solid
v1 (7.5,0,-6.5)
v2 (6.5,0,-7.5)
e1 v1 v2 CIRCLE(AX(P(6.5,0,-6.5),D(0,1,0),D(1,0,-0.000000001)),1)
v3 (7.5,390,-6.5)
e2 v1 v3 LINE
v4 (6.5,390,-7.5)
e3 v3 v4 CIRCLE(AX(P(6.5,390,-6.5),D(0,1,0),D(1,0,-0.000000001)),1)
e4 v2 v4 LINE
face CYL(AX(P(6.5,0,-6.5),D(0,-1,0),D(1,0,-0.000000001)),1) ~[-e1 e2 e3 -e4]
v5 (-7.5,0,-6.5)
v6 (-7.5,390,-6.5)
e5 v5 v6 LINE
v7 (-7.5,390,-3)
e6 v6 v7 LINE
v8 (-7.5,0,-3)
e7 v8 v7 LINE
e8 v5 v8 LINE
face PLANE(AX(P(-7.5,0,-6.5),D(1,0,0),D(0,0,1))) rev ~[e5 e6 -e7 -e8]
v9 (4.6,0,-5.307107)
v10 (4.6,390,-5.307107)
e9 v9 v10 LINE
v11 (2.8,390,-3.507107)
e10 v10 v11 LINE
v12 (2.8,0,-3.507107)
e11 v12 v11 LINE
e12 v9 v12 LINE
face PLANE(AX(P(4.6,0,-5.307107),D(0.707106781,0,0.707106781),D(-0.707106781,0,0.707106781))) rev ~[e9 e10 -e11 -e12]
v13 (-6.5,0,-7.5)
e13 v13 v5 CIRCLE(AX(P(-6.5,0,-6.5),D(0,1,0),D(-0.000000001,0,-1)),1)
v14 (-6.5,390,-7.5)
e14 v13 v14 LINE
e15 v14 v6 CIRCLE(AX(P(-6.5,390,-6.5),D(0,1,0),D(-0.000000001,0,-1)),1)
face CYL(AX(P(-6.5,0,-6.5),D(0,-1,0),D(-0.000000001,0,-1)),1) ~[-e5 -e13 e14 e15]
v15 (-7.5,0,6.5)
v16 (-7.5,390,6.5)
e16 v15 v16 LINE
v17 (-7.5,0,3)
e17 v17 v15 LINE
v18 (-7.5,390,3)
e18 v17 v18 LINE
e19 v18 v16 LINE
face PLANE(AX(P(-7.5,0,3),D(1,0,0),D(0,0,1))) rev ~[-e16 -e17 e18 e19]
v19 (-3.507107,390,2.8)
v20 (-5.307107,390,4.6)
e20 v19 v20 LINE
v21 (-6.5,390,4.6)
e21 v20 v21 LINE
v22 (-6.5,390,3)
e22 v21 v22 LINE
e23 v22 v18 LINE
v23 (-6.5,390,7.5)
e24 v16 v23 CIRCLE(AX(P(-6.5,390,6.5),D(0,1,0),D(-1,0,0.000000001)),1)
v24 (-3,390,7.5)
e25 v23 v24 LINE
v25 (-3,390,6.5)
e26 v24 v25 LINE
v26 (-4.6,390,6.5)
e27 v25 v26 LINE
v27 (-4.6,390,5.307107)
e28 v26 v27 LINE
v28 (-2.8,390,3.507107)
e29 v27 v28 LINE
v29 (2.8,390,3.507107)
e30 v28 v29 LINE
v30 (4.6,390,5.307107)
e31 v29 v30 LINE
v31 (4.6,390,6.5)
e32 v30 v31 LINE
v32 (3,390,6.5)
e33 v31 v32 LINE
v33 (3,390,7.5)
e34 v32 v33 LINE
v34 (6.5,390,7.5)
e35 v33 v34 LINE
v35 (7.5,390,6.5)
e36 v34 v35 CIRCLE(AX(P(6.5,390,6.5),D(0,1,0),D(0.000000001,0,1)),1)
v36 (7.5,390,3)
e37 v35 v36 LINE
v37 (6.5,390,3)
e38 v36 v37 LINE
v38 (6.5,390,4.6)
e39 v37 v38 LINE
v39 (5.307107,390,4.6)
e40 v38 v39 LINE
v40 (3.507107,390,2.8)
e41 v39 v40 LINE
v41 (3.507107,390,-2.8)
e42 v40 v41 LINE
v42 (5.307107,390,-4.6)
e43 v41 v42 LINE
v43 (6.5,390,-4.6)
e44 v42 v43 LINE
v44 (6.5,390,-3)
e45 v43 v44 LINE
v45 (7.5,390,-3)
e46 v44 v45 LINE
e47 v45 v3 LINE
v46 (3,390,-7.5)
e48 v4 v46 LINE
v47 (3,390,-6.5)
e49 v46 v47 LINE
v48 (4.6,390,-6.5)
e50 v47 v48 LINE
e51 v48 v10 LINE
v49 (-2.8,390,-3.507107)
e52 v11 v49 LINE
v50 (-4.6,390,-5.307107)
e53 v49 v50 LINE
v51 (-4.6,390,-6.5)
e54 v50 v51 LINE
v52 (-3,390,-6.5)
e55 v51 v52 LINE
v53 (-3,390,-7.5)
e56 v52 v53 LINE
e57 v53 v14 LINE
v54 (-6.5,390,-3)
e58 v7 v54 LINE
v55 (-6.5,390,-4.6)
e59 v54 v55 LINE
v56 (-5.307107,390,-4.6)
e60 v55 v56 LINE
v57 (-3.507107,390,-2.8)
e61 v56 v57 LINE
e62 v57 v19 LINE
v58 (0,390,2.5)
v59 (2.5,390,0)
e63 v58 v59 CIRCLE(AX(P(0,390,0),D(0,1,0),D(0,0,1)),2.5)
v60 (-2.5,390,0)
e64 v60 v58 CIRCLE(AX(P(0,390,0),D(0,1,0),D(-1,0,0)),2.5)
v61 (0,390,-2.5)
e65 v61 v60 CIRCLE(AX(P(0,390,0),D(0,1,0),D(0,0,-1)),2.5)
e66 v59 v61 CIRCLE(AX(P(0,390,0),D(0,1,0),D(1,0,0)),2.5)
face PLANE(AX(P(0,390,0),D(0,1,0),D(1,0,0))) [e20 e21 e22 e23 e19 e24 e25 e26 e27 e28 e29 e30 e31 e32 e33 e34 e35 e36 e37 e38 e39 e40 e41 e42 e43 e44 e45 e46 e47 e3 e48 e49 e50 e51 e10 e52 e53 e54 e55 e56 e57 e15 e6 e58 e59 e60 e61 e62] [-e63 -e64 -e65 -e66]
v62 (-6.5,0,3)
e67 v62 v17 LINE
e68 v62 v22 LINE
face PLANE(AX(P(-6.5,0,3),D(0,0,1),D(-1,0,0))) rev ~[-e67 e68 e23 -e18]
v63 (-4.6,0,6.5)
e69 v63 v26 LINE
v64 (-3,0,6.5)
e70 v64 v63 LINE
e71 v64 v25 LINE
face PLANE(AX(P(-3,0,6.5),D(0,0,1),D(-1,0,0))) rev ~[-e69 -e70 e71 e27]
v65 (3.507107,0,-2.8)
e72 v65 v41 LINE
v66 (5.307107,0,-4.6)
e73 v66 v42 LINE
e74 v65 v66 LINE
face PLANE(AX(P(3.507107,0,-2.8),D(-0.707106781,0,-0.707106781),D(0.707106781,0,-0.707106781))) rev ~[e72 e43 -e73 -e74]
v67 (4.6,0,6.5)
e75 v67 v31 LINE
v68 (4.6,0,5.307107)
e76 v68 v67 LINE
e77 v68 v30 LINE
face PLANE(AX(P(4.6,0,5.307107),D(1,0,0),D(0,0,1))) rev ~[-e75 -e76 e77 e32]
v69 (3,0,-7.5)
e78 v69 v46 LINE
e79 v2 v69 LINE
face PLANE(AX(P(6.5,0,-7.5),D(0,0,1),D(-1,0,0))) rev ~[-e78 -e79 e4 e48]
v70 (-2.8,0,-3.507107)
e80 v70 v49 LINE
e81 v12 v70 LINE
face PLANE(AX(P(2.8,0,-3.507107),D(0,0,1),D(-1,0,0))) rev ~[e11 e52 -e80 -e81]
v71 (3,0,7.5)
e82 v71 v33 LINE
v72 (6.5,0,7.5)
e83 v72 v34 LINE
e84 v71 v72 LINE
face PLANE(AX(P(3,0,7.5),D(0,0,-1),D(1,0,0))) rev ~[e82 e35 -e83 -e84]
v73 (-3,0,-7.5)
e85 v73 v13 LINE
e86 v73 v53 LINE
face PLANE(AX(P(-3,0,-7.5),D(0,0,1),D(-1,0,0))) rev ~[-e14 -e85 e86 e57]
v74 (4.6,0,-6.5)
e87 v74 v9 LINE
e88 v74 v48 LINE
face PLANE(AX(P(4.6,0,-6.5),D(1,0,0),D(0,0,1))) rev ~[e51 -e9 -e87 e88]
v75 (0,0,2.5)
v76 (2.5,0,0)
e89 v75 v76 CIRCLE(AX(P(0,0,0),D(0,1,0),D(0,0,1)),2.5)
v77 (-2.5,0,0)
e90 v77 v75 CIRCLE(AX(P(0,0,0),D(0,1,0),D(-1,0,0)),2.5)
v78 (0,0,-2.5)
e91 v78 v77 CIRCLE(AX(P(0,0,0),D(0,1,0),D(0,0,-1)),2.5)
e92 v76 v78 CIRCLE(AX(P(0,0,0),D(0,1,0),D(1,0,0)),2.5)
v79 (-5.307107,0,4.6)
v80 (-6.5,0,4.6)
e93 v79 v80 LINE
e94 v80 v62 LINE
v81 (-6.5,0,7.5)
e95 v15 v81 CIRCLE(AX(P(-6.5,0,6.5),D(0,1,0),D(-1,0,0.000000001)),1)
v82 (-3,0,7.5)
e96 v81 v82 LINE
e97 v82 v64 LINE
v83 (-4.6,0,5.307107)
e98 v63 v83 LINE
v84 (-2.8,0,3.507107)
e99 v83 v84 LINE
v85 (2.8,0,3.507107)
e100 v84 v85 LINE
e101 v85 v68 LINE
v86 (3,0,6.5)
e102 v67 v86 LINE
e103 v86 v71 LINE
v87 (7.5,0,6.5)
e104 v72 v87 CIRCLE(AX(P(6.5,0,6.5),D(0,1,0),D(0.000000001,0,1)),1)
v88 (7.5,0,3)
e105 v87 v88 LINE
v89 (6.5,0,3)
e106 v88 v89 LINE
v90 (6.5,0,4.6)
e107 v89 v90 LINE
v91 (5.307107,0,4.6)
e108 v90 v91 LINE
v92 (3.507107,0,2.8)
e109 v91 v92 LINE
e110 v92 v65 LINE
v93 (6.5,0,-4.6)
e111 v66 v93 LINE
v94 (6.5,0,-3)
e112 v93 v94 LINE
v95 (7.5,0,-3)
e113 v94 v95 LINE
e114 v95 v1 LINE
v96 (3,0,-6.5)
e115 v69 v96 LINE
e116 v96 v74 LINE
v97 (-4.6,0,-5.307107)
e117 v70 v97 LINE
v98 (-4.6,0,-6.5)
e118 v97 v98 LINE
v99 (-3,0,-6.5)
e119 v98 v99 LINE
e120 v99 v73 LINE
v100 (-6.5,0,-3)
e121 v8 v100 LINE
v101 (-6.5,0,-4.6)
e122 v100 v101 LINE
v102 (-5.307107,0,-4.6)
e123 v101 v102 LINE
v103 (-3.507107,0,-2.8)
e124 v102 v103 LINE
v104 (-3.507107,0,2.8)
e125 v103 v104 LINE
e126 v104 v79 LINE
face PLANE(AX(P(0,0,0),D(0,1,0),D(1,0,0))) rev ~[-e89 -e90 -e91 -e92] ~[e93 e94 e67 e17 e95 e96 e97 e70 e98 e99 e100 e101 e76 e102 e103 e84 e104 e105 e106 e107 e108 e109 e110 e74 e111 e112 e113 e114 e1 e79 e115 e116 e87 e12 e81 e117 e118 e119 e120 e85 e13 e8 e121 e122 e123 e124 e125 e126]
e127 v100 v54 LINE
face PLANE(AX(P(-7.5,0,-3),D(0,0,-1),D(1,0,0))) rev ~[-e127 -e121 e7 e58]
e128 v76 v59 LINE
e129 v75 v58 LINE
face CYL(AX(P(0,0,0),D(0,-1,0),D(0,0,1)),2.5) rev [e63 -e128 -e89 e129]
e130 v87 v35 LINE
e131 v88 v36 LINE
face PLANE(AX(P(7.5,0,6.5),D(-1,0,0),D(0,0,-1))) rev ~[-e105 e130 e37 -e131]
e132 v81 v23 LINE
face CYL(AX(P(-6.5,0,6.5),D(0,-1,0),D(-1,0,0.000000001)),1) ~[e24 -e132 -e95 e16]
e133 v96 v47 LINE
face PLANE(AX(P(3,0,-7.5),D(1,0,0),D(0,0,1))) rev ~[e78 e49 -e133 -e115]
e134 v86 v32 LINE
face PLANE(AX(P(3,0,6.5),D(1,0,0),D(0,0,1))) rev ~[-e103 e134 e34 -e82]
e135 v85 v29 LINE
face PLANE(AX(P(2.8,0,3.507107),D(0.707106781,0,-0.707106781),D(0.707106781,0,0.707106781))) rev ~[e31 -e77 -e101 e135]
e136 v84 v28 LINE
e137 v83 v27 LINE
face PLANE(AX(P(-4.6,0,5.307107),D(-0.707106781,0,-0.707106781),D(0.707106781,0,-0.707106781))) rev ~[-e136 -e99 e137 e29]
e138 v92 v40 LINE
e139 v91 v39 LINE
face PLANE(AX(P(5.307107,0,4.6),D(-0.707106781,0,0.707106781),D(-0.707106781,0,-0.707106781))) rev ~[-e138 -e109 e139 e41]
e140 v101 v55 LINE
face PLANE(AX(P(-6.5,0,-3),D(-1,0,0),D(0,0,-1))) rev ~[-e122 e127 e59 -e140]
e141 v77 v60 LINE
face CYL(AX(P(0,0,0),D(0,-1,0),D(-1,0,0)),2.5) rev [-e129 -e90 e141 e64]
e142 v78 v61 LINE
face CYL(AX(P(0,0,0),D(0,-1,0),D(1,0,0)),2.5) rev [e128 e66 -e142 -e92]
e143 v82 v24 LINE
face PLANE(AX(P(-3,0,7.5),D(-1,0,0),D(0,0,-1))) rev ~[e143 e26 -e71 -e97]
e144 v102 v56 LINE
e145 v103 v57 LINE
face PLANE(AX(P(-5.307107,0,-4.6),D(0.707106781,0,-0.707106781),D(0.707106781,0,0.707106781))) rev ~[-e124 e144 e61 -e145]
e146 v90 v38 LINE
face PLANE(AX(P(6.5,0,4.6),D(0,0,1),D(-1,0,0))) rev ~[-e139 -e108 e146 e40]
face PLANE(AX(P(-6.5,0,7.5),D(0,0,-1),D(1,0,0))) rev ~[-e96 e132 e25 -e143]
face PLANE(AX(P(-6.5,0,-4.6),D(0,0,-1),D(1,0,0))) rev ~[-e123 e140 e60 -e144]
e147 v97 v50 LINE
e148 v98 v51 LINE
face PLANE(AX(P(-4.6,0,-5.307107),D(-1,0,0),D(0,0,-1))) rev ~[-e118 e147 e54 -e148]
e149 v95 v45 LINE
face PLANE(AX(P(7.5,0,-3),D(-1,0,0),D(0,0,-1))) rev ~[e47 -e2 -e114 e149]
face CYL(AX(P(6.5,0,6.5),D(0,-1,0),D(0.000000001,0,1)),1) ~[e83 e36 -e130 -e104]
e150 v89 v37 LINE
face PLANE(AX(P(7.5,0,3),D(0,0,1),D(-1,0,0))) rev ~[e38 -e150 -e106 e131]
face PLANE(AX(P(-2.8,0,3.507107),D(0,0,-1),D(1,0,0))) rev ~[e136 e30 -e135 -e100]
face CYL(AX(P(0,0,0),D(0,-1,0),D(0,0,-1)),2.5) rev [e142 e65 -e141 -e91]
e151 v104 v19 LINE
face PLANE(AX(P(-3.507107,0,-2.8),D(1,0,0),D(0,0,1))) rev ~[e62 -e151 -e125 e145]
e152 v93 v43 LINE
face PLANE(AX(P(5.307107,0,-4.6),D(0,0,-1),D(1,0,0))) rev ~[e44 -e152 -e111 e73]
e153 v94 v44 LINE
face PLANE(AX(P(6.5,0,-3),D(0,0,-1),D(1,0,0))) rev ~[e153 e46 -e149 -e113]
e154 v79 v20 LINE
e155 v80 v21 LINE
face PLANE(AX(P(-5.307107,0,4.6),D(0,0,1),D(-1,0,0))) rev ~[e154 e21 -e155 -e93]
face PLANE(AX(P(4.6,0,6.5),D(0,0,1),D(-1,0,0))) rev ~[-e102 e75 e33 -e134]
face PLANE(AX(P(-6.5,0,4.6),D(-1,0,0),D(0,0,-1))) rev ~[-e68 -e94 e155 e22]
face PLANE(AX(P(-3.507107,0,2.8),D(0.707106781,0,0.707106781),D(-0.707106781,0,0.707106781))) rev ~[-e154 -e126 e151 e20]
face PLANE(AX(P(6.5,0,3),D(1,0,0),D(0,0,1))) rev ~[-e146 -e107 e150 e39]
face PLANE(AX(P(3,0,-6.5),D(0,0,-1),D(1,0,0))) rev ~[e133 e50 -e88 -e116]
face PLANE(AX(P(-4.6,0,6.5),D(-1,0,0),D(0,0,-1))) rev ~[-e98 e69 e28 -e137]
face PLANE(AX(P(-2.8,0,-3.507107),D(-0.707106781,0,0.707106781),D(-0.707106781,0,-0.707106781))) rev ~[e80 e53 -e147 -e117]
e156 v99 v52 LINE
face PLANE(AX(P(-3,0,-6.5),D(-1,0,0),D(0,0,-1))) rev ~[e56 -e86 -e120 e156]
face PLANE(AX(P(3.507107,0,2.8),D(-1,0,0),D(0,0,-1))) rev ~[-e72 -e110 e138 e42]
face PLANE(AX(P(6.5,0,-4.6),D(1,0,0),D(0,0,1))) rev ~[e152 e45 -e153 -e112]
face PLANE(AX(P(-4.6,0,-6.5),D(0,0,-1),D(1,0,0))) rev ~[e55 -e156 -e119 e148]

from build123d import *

# Parameters (mm, degrees)
BOSS_EXTRUDE1_DEPTH = 390


with BuildPart() as part:
    # Sketch1 → Boss-Extrude1 (new body)
    with BuildSketch(Plane(origin=(0, 0, 0), x_dir=(1, 0, 0), z_dir=(0, 1, 0))):
        with BuildLine():
            Line((-7.5, -3), (-7.5, -6.5))
            ThreePointArc((-7.5, -6.5), (-7.207106781, -7.207106781), (-6.5, -7.5))
            Line((-6.5, -7.5), (-3, -7.5))
            Line((-3, -7.5), (-3, -6.5))
            Line((-3, -6.5), (-4.6, -6.5))
            Line((-4.6, -6.5), (-4.6, -5.307106781))
            Line((-4.6, -5.307106781), (-2.8, -3.507106781))
            Line((-2.8, -3.507106781), (0, -3.507106781))
            Line((0, -3.507106781), (2.8, -3.507106781))
            Line((2.8, -3.507106781), (4.6, -5.307106781))
            Line((4.6, -5.307106781), (4.6, -6.5))
            Line((4.6, -6.5), (3, -6.5))
            Line((3, -6.5), (3, -7.5))
            Line((3, -7.5), (6.5, -7.5))
            ThreePointArc((6.5, -7.5), (7.207106781, -7.207106781), (7.5, -6.5))
            Line((7.5, -6.5), (7.5, -3))
            Line((7.5, -3), (6.5, -3))
            Line((6.5, -3), (6.5, -4.6))
            Line((6.5, -4.6), (5.307106781, -4.6))
            Line((5.307106781, -4.6), (3.507106781, -2.8))
            Line((3.507106781, -2.8), (3.507106781, 0))
            Line((3.507106781, 0), (3.507106781, 2.8))
            Line((3.507106781, 2.8), (5.307106781, 4.6))
            Line((5.307106781, 4.6), (6.5, 4.6))
            Line((6.5, 4.6), (6.5, 3))
            Line((6.5, 3), (7.5, 3))
            Line((7.5, 3), (7.5, 6.5))
            ThreePointArc((7.5, 6.5), (7.207106781, 7.207106781), (6.5, 7.5))
            Line((6.5, 7.5), (3, 7.5))
            Line((3, 7.5), (3, 6.5))
            Line((3, 6.5), (4.6, 6.5))
            Line((4.6, 6.5), (4.6, 5.307106781))
            Line((4.6, 5.307106781), (2.8, 3.507106781))
            Line((2.8, 3.507106781), (0, 3.507106781))
            Line((0, 3.507106781), (-2.8, 3.507106781))
            Line((-2.8, 3.507106781), (-4.6, 5.307106781))
            Line((-4.6, 5.307106781), (-4.6, 6.5))
            Line((-4.6, 6.5), (-3, 6.5))
            Line((-3, 6.5), (-3, 7.5))
            Line((-3, 7.5), (-6.5, 7.5))
            ThreePointArc((-6.5, 7.5), (-7.207106781, 7.207106781), (-7.5, 6.5))
            Line((-7.5, 6.5), (-7.5, 3))
            Line((-7.5, 3), (-6.5, 3))
            Line((-6.5, 3), (-6.5, 4.6))
            Line((-6.5, 4.6), (-5.307106781, 4.6))
            Line((-5.307106781, 4.6), (-3.507106781, 2.8))
            Line((-3.507106781, 2.8), (-3.507106781, 0))
            Line((-3.507106781, 0), (-3.507106781, -2.8))
            Line((-3.507106781, -2.8), (-5.307106781, -4.6))
            Line((-5.307106781, -4.6), (-6.5, -4.6))
            Line((-6.5, -4.6), (-6.5, -3))
            Line((-6.5, -3), (-7.5, -3))
        make_face()
        with BuildLine():
            ThreePointArc((-2.5, 0), (-1.767766953, -1.767766953), (0, -2.5))
            ThreePointArc((0, -2.5), (1.767766953, -1.767766953), (2.5, 0))
            ThreePointArc((2.5, 0), (1.767766953, 1.767766953), (0, 2.5))
            ThreePointArc((0, 2.5), (-1.767766953, 1.767766953), (-2.5, 0))
        make_face(mode=Mode.SUBTRACT)
    extrude(amount=BOSS_EXTRUDE1_DEPTH)


solid = part.part
